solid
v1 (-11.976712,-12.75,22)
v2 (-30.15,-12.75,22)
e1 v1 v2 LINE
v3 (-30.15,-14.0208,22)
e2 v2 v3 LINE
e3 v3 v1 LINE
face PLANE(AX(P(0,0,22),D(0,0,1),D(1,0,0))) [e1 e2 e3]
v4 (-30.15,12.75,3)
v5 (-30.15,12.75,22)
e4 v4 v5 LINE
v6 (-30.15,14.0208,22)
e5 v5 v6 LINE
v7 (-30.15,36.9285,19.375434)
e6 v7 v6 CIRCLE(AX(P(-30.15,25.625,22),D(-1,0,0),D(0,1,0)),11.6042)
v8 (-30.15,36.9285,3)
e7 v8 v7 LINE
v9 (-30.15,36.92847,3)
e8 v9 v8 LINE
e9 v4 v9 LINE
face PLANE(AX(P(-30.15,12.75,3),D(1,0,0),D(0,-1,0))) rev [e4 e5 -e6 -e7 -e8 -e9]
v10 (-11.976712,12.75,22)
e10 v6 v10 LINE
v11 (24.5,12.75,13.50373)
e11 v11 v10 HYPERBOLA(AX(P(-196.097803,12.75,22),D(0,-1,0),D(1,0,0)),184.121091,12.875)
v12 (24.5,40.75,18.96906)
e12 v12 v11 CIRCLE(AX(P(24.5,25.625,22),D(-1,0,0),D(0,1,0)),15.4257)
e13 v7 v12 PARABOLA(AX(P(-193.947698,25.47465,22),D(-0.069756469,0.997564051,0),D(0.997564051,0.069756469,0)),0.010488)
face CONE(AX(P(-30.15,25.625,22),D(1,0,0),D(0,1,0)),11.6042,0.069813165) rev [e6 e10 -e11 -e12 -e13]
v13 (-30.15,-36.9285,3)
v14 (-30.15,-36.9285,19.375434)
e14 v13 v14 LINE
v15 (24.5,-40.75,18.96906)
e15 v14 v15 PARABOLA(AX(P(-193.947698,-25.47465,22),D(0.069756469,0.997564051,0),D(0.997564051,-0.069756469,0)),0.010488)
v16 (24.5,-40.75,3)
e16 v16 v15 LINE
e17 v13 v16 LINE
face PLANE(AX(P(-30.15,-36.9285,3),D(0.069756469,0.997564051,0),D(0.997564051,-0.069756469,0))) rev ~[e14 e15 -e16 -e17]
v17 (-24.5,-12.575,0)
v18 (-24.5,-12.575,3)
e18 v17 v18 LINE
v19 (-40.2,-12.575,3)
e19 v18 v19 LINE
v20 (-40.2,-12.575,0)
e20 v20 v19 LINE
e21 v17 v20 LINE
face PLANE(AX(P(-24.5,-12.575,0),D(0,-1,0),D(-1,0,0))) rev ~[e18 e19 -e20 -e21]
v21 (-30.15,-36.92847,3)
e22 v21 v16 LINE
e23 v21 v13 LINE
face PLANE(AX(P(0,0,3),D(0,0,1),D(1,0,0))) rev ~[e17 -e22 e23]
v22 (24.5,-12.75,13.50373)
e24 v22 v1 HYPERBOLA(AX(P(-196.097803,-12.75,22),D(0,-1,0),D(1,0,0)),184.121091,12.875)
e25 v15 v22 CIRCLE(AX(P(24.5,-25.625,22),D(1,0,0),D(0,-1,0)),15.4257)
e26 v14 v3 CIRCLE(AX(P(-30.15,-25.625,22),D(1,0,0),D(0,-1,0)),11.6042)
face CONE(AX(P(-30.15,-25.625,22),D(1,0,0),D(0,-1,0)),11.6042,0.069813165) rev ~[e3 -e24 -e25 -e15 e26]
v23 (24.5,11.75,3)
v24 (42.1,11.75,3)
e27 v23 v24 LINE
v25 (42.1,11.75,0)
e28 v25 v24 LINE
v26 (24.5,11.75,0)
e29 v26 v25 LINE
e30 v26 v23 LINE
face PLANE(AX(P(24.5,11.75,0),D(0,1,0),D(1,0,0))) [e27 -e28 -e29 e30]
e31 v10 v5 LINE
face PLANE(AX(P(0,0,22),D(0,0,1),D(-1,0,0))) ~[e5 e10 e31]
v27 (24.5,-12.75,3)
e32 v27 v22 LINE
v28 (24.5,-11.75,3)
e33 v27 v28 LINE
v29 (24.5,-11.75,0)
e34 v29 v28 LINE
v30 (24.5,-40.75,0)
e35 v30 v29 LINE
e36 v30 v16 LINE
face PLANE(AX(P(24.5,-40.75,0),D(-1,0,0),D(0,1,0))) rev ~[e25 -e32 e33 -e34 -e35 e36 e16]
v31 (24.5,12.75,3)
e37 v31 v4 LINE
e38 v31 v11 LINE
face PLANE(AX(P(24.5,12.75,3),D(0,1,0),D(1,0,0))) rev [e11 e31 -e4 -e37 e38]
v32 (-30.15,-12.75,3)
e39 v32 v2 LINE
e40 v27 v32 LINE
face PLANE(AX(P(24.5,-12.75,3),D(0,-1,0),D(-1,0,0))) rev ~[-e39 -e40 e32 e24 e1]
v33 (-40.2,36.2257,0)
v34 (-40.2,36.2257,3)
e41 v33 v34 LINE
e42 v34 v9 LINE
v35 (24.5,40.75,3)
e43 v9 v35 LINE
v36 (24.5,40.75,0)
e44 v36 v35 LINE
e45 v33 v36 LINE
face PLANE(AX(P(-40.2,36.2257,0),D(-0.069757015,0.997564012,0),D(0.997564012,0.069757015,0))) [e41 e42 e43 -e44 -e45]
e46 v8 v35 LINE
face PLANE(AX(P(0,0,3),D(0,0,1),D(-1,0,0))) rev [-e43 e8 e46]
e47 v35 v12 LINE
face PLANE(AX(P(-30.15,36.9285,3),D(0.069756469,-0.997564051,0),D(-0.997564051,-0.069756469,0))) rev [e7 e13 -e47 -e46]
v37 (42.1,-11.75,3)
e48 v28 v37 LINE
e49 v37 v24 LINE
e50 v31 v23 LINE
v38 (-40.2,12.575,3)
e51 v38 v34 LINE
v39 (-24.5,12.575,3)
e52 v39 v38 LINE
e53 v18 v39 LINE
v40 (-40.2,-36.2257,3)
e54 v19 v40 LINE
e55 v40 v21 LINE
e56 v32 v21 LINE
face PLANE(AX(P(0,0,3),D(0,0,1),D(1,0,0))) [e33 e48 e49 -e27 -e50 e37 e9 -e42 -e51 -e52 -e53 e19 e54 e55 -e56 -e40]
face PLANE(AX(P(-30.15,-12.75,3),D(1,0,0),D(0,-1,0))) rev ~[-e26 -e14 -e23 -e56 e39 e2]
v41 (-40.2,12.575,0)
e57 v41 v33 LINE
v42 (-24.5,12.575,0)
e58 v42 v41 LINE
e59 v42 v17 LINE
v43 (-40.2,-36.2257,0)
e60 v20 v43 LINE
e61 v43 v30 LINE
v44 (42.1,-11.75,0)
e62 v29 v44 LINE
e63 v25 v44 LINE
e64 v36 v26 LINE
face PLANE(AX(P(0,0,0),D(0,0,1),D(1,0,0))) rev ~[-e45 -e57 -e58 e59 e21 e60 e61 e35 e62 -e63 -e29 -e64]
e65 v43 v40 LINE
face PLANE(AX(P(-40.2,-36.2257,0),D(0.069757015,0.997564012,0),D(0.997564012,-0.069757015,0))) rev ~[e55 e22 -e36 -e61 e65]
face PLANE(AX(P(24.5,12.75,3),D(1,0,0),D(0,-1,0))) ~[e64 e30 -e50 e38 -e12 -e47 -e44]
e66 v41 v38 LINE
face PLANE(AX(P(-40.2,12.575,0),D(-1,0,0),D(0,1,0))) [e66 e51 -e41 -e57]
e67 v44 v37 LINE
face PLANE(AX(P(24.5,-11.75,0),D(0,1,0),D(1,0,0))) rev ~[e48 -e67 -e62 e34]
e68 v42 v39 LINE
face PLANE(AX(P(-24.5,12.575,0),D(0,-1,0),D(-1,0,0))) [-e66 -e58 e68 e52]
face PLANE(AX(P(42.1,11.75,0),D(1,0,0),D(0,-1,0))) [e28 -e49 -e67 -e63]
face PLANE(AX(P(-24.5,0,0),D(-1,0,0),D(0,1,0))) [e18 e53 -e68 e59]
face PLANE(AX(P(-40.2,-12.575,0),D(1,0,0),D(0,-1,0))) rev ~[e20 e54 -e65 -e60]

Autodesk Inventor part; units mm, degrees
ref_plane "YZ Plane" through (0, 0, 0) normal (1, 0, 0) x (0, 1, 0)
ref_plane "XZ Plane" through (0, 0, 0) normal (0, 1, 0) x (-1, 0, 0)
ref_plane "XY Plane" through (0, 0, 0) normal (0, 0, 1) x (1, 0, 0)
sketch "Sketch2" plane through (0, 0, 0) normal (0, 0, 1) x (1, 0, 0)
  line L0 (0, -57.05) -> (0, 57.05) construction
  line L1 (-56.66, 0) -> (58.56, 0) construction
  line L2 (-24.5, 0) -> (-24.5, -12.575)
  line L3 (-24.5, -12.575) -> (-40.2, -12.575)
  line L4 (-40.2, -12.575) -> (-40.2, -36.2257)
  line L5 (-40.2, -36.2257) -> (24.5, -40.75)
  line L6 (24.5, -40.75) -> (24.5, -11.75)
  line L7 (24.5, -11.75) -> (42.1, -11.75)
  line L8 (42.1, -11.75) -> (42.1, 0)
  line L9 (-24.5, 0) -> (-24.5, 12.575)
  line L10 (-24.5, 12.575) -> (-40.2, 12.575)
  line L11 (-40.2, 12.575) -> (-40.2, 36.2257)
  line L12 (-40.2, 36.2257) -> (24.5, 40.75)
  line L13 (24.5, 40.75) -> (24.5, 11.75)
  line L14 (24.5, 11.75) -> (42.1, 11.75)
  line L15 (42.1, 11.75) -> (42.1, 0)
  line L16 (-35, 12.575) -> (-35, -12.575) construction
  line L17 (35, 11.75) -> (35, -11.75) construction
  point P0 (0, 0)
  dimension "d0" = 25.15
  dimension "d1" = 70
  dimension "d2" = 10.5
  dimension "d3" = 10.5
  dimension "d4" = 5.2
  dimension "d5" = 7.1
  dimension "d6" = 23.5
  dimension "d7" = 81.5
  dimension "d8" = 8
extrude "Extrusion1" add sketch "Sketch2" along normal blind 3
fillet "Fillet1" [suppressed]
sketch "Sketch3" plane through (0, 0, 3) normal (0, 0, 1) x (1, 0, 0)
  line L0 (-30.15, -25.625) -> (24.5, -25.625) construction
  line L1 (24.5, -40.75) -> (24.5, -11.75) construction
  line L2 (-40.2, -36.2257) -> (24.5, -40.75) construction
  line L3 (-40.2, -12.575) -> (-40.2, -36.2257) construction
  line L4 (-24.5, -12.575) -> (-40.2, -12.575) construction
  line L5 (24.5, -12.75) -> (-30.15, -12.75)
  line L6 (-30.15, -12.75) -> (-30.15, -36.9285)
  line L7 (-30.15, -36.9285) -> (24.5, -40.75)
  line L8 (24.5, -12.75) -> (24.5, -40.75)
  point P0 (0, 0)
  dimension "d12" = 25.625
  dimension "d13" = 28
  dimension "d14" = 54.65
extrude "Extrusion2" add sketch "Sketch3" along normal blind 19
sketch "Sketch4" plane through (0, 0, 22) normal (0, 0, 1) x (1, 0, 0)
  line L0 (-30.15, -25.625) -> (24.5, -25.625) construction
  line L1 (-30.15, -36.9285) -> (24.5, -40.75) construction
  line L2 (-30.15, -12.75) -> (-30.15, -36.9285) projected
  line L3 (24.5, -40.75) -> (24.5, -12.75) projected
  line L4 (-30.15, -25.625) -> (24.5, -25.625)
  line L5 (-30.15, -36.9285) -> (-30.15, -37.2292)
  line L6 (-30.15, -37.2292) -> (24.5, -41.0507)
  line L7 (24.5, -41.0507) -> (24.5, -40.75)
  point P0 (0, 0)
  dimension "d18" = 0.3
revolve "Revolution1" cut sketch "Sketch4" angle 360 about axis through (-30.15, -25.625, 22) along (1, 0, 0)
mirror "Mirror1" about plane through (0, 0, 0) normal (0, 1, 0) of "Extrusion2", "Revolution1"
equation "\"d0\" = finger_width + 2 * finger_link_clearence"
equation "\"d12\" = 0.5 * dist_hinge_points"
equation "\"finger_width\" = 25"
equation "\"finger_thickness\" = 8"
equation "\"finger_part_A_length\" = 42.8625"
equation "\"finger_part_B_length\" = 28.575"
equation "\"finger_link_width\" = 3.5"
equation "\"finger_link_clearence\" = 0.075"
equation "\"tol\" = 0.5 * finger_link_clearence"
equation "\"link_tol\" = 0.254"
equation "\"bore_press\" = 2.925"
equation "\"bore_clearance\" = 3.025"
equation "\"bar_diameter\" = 6.5"
equation "\"bar_thickness\" = 4"
equation "\"bar_width\" = 7"
equation "\"hinge_dist_sym_plane\" = 4"
equation "\"hinge_thickness\" = 3"
equation "\"hinge_act_length_c\" = 7.62"
equation "\"hinge_act_length_bc\" = 16.66875"
equation "\"hinge_act_length_ab\" = 11.049"
equation "\"hinge_act_length_a\" = 21.43125"
equation "\"hinge_guid_length_c\" = 9.525"
equation "\"hinge_guid_length_bc\" = 9.525"
equation "\"hinge_guid_length_ab\" = 17.145"
equation "\"hinge_guid_length_a\" = 17.145"
equation "\"bar_length_bc\" = finger_part_B_length"
equation "\"bar_act_length_ab\" = 40.48125"
equation "\"bar_guid_length_ab\" = 43.275"
equation "\"champfer\" = 0.3"
equation "\"fillet\" = 0.4"
equation "\"gear_diameter\" = 14"
equation "\"dist_finger_BC\" = 56.5"
equation "\"hinge_point\" = 15"
equation "\"dist_hinge_points\" = 51.25"
properties part number "hand-palm"
